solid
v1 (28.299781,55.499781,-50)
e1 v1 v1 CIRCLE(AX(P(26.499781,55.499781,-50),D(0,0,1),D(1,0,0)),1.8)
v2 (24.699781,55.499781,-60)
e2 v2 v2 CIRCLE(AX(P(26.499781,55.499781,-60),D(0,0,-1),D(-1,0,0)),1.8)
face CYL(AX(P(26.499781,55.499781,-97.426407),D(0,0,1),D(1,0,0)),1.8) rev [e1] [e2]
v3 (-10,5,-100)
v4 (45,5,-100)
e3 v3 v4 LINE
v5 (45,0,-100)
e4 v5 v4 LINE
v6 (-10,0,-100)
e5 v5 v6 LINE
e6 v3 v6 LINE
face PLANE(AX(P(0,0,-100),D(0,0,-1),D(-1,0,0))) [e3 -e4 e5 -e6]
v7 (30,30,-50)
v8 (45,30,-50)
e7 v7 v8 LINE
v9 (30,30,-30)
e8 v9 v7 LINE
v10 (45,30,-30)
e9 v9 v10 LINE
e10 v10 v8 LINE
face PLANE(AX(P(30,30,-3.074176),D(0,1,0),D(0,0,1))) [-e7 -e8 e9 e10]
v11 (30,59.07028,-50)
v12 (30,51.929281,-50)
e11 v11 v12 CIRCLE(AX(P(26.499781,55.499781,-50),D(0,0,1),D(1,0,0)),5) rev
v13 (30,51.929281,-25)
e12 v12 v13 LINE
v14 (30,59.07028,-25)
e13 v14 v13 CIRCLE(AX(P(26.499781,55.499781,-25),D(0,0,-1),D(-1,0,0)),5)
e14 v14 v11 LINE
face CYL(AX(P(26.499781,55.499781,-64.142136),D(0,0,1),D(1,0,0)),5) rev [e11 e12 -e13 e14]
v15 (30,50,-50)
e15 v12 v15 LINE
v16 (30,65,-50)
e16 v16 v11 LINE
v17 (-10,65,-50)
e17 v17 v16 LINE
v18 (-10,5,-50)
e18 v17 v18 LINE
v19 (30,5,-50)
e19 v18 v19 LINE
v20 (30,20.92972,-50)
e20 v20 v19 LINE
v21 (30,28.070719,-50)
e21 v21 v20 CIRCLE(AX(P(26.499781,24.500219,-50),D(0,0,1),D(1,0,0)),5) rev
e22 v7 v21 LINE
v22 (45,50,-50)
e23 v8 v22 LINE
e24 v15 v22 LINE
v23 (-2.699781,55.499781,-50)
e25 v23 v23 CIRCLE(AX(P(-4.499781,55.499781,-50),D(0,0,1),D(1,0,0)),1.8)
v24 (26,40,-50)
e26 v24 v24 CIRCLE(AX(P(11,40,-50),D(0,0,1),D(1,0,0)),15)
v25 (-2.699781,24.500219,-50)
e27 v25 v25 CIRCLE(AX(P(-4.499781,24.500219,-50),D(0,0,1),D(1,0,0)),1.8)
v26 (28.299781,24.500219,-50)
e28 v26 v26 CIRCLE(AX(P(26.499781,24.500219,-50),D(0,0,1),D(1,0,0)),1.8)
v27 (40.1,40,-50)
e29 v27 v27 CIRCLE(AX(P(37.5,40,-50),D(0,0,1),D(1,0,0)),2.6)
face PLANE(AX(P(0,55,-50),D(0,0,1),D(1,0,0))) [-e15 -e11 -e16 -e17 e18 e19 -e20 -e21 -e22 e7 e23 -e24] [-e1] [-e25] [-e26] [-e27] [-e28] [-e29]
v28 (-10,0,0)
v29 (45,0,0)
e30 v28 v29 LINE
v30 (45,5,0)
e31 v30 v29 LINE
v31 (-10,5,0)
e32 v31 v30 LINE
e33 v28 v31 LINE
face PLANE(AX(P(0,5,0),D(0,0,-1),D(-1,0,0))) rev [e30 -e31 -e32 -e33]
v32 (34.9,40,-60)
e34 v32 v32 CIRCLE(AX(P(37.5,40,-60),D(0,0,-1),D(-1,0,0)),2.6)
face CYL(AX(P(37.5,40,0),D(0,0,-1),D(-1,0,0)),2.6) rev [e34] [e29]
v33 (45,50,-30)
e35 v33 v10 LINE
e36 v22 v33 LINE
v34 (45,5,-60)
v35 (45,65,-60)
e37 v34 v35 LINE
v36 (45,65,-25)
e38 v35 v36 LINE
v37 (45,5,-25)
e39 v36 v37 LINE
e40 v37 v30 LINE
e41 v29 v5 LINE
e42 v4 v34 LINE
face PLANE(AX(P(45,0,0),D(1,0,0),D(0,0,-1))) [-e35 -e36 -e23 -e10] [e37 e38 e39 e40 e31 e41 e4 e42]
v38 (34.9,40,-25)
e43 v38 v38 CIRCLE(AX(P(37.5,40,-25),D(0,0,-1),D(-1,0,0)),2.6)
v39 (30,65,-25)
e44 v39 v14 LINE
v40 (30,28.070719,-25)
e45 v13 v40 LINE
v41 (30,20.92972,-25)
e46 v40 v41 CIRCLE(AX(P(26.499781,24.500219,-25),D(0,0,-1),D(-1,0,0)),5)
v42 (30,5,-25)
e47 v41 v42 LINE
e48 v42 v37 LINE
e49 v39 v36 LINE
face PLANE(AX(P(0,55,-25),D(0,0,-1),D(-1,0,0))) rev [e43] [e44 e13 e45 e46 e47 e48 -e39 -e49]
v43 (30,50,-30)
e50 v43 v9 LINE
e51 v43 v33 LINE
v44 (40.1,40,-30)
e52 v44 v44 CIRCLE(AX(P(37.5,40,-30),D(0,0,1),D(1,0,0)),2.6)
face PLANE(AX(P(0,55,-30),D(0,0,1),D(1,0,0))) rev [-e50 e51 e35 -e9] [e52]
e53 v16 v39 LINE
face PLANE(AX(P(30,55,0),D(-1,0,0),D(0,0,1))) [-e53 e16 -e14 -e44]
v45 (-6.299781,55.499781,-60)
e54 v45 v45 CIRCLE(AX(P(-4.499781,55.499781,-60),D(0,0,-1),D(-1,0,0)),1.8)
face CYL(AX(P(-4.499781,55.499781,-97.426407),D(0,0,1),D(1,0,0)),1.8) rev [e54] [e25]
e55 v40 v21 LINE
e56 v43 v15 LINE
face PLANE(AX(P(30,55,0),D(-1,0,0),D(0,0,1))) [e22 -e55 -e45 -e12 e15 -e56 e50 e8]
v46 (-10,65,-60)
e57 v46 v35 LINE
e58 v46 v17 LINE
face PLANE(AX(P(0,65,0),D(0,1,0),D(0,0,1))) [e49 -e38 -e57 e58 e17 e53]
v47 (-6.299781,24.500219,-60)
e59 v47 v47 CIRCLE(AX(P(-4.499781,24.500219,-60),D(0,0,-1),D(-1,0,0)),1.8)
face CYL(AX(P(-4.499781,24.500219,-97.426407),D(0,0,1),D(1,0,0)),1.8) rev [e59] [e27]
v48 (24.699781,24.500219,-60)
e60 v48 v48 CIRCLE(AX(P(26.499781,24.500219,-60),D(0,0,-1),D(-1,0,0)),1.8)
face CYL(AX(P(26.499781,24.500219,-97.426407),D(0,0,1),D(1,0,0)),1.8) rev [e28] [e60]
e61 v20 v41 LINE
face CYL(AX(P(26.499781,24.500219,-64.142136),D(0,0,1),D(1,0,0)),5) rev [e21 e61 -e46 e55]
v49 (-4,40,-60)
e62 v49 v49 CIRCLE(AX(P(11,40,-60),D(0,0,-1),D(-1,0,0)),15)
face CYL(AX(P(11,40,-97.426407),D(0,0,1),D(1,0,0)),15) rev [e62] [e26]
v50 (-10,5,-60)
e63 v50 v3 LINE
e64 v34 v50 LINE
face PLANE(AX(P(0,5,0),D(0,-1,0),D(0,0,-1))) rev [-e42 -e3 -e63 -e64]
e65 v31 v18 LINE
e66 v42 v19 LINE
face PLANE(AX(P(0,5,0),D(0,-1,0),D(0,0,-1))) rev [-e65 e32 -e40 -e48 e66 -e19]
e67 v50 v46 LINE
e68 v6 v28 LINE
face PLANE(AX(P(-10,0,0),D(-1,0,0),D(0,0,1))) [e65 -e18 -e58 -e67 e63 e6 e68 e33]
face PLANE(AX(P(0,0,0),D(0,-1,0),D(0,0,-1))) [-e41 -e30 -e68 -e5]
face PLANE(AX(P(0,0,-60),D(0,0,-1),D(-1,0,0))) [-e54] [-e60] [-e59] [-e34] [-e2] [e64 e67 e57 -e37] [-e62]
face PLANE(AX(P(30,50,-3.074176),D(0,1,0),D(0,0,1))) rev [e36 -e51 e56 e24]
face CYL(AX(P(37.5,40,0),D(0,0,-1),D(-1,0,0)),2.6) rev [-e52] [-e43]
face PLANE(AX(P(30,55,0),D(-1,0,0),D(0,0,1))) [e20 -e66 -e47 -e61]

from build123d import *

# Parameters (mm, degrees)
SKETCH4_W               = 40
SKETCH4_H               = 80
BOSS_EXTRUDE4_DEPTH     = 5
SKETCH5_W               = 10
SKETCH5_H               = 5
BOSS_EXTRUDE6_DEPTH     = 50
SKETCH7_W               = 10
SKETCH7_H               = 25
SKETCH7_H_2             = 5
BOSS_EXTRUDE7_DEPTH     = 20
SKETCH8_W               = 40
SKETCH8_H               = 5
BOSS_EXTRUDE8_DEPTH     = 20
SKETCH9_W               = 100
SKETCH9_H               = 5
BOSS_EXTRUDE9_DEPTH     = 10
SKETCH10_W              = 5
SKETCH10_H              = 50
BOSS_EXTRUDE10_DEPTH    = 40
BOSS_EXTRUDE11_DEPTH    = 10
SKETCH12_R              = 15
SKETCH12_R_2            = 1.8
CUT_EXTRUDE1_DEPTH      = 5
CUT_EXTRUDE2_DEPTH      = 92.241437954
CUT_EXTRUDE2_DEPTH_BACK = 92.241437954
SKETCH13_R              = 2.25
SKETCH14_R              = 4
SKETCH14_R_2            = 2.25
CUT_EXTRUDE4_DEPTH      = 2
CUT_EXTRUDE5_START      = -2
SKETCH15_R              = 4
SKETCH15_R_2            = 2.25
CUT_EXTRUDE5_DEPTH      = 2
SKETCH17_R              = 5
CUT_EXTRUDE6_DEPTH      = 25
SKETCH19_W              = 50
SKETCH19_H              = 60
SKETCH19_R              = 1.8
SKETCH19_R_2            = 15
SKETCH19_R_3            = 4
BOSS_EXTRUDE13_DEPTH    = 5
SKETCH20_R              = 4
SKETCH20_R_2            = 2.25
BOSS_EXTRUDE14_DEPTH    = 5
SKETCH21_W              = 20
SKETCH21_H              = 20
BOSS_EXTRUDE15_DEPTH    = 5
BOSS_EXTRUDE16_START    = -10
SKETCH22_R              = 4
BOSS_EXTRUDE16_DEPTH    = 10
SKETCH23_R              = 4
BOSS_EXTRUDE17_DEPTH    = 5
CUT_EXTRUDE7_DEPTH      = 106.59356041
CUT_EXTRUDE7_DEPTH_BACK = 106.59356041
SKETCH24_R              = 2.6


with BuildPart() as part:
    # Sketch4 → Boss-Extrude4 (new body)
    with BuildSketch(Plane(origin=(0, 0, 0), x_dir=(1, 0, 0), z_dir=(0, 1, 0))):
        with Locations((20, 40)):
            Rectangle(SKETCH4_W, SKETCH4_H)
    extrude(amount=BOSS_EXTRUDE4_DEPTH)

    # Sketch5 → Boss-Extrude6 (add)
    with BuildSketch(Plane(origin=(0, 5, 0), x_dir=(1, 0, 0), z_dir=(0, 1, 0))):
        with Locations((35, 52.5)):
            Rectangle(SKETCH5_W, SKETCH5_H)
        with Locations((35, 27.5)):
            Rectangle(SKETCH5_W, SKETCH5_H)
    extrude(amount=BOSS_EXTRUDE6_DEPTH)

    # Sketch7 → Boss-Extrude7 (add)
    with BuildSketch(Plane.XY.offset(-50)):
        with Locations((35, 17.5)):
            Rectangle(SKETCH7_W, SKETCH7_H)
        with Locations((35, 52.5)):
            Rectangle(SKETCH7_W, SKETCH7_H_2)
    extrude(amount=BOSS_EXTRUDE7_DEPTH)

    # Sketch8 → Boss-Extrude8 (add)
    with BuildSketch(Plane(origin=(0, 0, -80), x_dir=(-1, 0, 0), z_dir=(0, 0, -1))):
        with Locations((-20, 2.5)):
            Rectangle(SKETCH8_W, SKETCH8_H)
    extrude(amount=BOSS_EXTRUDE8_DEPTH)

    # Sketch9 → Boss-Extrude9 (add)
    with BuildSketch(Plane.ZY):
        with Locations((-50, 2.5)):
            Rectangle(SKETCH9_W, SKETCH9_H)
    extrude(amount=BOSS_EXTRUDE9_DEPTH)

    # Sketch10 → Boss-Extrude10 (add)
    with BuildSketch(Plane.ZY.offset(-30)):
        with Locations((-52.5, 30)):
            Rectangle(SKETCH10_W, SKETCH10_H)
    extrude(amount=BOSS_EXTRUDE10_DEPTH)

    # Sketch11 → Boss-Extrude11 (add)
    with BuildSketch(Plane(origin=(0, 55, 0), x_dir=(1, 0, 0), z_dir=(0, 1, 0))):
        Polygon((40, 55), (-10, 55), (-10, 50), (30, 50), (30, 25), (40, 25), align=None)
    extrude(amount=BOSS_EXTRUDE11_DEPTH)

    # Sketch12 → Cut-Extrude1 (cut)
    with BuildSketch(Plane.XY.offset(-50)):
        with Locations((11, 40)):
            Circle(SKETCH12_R)
        with Locations((-4.499780644, 55.499780644)):
            Circle(SKETCH12_R_2)
        with Locations((26.499780644, 55.499780644)):
            Circle(SKETCH12_R_2)
        with Locations((-4.499780644, 24.500219356)):
            Circle(SKETCH12_R_2)
        with Locations((26.499780644, 24.500219356)):
            Circle(SKETCH12_R_2)
    extrude(amount=-CUT_EXTRUDE1_DEPTH, mode=Mode.SUBTRACT)

    # Sketch13 → Cut-Extrude2 (cut, two sides: drawn at the far end of the back side and taken through both)
    with BuildSketch(Plane.XY.offset(-50).offset(-CUT_EXTRUDE2_DEPTH_BACK)):
        with Locations((35, 40)):
            Circle(SKETCH13_R)
    extrude(amount=CUT_EXTRUDE2_DEPTH + CUT_EXTRUDE2_DEPTH_BACK, mode=Mode.SUBTRACT)

    # Sketch14 → Cut-Extrude4 (cut)
    with BuildSketch(Plane.XY.offset(-25)):
        with Locations((35, 40)):
            Circle(SKETCH14_R)
        with Locations((35, 40)):
            Circle(SKETCH14_R_2, mode=Mode.SUBTRACT)
    extrude(amount=-CUT_EXTRUDE4_DEPTH, mode=Mode.SUBTRACT)

    # Sketch15 → Cut-Extrude5 (cut)
    with BuildSketch(Plane(origin=(0, 0, -55), x_dir=(-1, 0, 0), z_dir=(0, 0, -1)).offset(CUT_EXTRUDE5_START)):
        with Locations(Location((-35, 40, 0), (0, 0, 180))):
            Circle(SKETCH15_R)
        with Locations(Location((-35, 40, 0), (0, 0, 180))):
            Circle(SKETCH15_R_2, mode=Mode.SUBTRACT)
    extrude(amount=CUT_EXTRUDE5_DEPTH, mode=Mode.SUBTRACT)

    # Sketch17 → Cut-Extrude6 (cut)
    with BuildSketch(Plane.XY.offset(-25)):
        with Locations((26.499780644, 55.499780644)):
            Circle(SKETCH17_R)
        with Locations((26.499780644, 24.500219356)):
            Circle(SKETCH17_R)
    extrude(amount=-CUT_EXTRUDE6_DEPTH, mode=Mode.SUBTRACT)

    # Sketch19 → Boss-Extrude13 (add)
    with BuildSketch(Plane(origin=(0, 0, -55), x_dir=(-1, 0, 0), z_dir=(0, 0, -1))):
        with Locations((-15, 35)):
            Rectangle(SKETCH19_W, SKETCH19_H)
        with Locations(Location((4.499780644, 55.499780644, 0), (0, 0, 180))):
            Circle(SKETCH19_R, mode=Mode.SUBTRACT)
        with Locations(Location((4.499780644, 24.500219356, 0), (0, 0, 180))):
            Circle(SKETCH19_R, mode=Mode.SUBTRACT)
        with Locations(Location((-26.499780644, 24.500219356, 0), (0, 0, 180))):
            Circle(SKETCH19_R, mode=Mode.SUBTRACT)
        with Locations(Location((-11, 40, 0), (0, 0, 180))):
            Circle(SKETCH19_R_2, mode=Mode.SUBTRACT)
        with Locations(Location((-35, 40, 0), (0, 0, 180))):
            Circle(SKETCH19_R_3, mode=Mode.SUBTRACT)
        with Locations(Location((-26.499780644, 55.499780644, 0), (0, 0, 180))):
            Circle(SKETCH19_R, mode=Mode.SUBTRACT)
    extrude(amount=BOSS_EXTRUDE13_DEPTH)

    # Sketch20 → Boss-Extrude14 (add)
    with BuildSketch(Plane(origin=(0, 0, -53), x_dir=(-1, 0, 0), z_dir=(0, 0, -1))):
        with Locations(Location((-35, 40, 0), (0, 0, 180))):
            Circle(SKETCH20_R)
        with Locations(Location((-35, 40, 0), (0, 0, 180))):
            Circle(SKETCH20_R_2, mode=Mode.SUBTRACT)
    extrude(amount=BOSS_EXTRUDE14_DEPTH)

    # Sketch21 → Boss-Extrude15 (add)
    with BuildSketch(Plane(origin=(40, 0, 0), x_dir=(0, 0, -1), z_dir=(1, 0, 0))):
        Polygon((100, 5), (60, 5), (60, 65), (25, 65), (25, 5), (0, 5), (0, 0), (100, 0), align=None)
        with Locations((40, 40)):
            Rectangle(SKETCH21_W, SKETCH21_H, mode=Mode.SUBTRACT)
    extrude(amount=BOSS_EXTRUDE15_DEPTH)

    # Sketch22 → Boss-Extrude16 (add)
    with BuildSketch(Plane(origin=(0, 0, -60), x_dir=(-1, 0, 0), z_dir=(0, 0, -1)).offset(BOSS_EXTRUDE16_START)):
        with Locations(Location((-35, 40, 0), (0, 0, 180))):
            Circle(SKETCH22_R)
    extrude(amount=BOSS_EXTRUDE16_DEPTH)

    # Sketch23 → Boss-Extrude17 (add)
    with BuildSketch(Plane.XY.offset(-25)):
        with Locations((35, 40)):
            Circle(SKETCH23_R)
    extrude(amount=-BOSS_EXTRUDE17_DEPTH)

    # Sketch24 → Cut-Extrude7 (cut, two sides: drawn at the far end of the back side and taken through both)
    with BuildSketch(Plane(origin=(0, 0, -30), x_dir=(-1, 0, 0), z_dir=(0, 0, -1)).offset(-CUT_EXTRUDE7_DEPTH_BACK)):
        with Locations((-37.5, 40)):
            Circle(SKETCH24_R)
    extrude(amount=CUT_EXTRUDE7_DEPTH + CUT_EXTRUDE7_DEPTH_BACK, mode=Mode.SUBTRACT)


solid = part.part
